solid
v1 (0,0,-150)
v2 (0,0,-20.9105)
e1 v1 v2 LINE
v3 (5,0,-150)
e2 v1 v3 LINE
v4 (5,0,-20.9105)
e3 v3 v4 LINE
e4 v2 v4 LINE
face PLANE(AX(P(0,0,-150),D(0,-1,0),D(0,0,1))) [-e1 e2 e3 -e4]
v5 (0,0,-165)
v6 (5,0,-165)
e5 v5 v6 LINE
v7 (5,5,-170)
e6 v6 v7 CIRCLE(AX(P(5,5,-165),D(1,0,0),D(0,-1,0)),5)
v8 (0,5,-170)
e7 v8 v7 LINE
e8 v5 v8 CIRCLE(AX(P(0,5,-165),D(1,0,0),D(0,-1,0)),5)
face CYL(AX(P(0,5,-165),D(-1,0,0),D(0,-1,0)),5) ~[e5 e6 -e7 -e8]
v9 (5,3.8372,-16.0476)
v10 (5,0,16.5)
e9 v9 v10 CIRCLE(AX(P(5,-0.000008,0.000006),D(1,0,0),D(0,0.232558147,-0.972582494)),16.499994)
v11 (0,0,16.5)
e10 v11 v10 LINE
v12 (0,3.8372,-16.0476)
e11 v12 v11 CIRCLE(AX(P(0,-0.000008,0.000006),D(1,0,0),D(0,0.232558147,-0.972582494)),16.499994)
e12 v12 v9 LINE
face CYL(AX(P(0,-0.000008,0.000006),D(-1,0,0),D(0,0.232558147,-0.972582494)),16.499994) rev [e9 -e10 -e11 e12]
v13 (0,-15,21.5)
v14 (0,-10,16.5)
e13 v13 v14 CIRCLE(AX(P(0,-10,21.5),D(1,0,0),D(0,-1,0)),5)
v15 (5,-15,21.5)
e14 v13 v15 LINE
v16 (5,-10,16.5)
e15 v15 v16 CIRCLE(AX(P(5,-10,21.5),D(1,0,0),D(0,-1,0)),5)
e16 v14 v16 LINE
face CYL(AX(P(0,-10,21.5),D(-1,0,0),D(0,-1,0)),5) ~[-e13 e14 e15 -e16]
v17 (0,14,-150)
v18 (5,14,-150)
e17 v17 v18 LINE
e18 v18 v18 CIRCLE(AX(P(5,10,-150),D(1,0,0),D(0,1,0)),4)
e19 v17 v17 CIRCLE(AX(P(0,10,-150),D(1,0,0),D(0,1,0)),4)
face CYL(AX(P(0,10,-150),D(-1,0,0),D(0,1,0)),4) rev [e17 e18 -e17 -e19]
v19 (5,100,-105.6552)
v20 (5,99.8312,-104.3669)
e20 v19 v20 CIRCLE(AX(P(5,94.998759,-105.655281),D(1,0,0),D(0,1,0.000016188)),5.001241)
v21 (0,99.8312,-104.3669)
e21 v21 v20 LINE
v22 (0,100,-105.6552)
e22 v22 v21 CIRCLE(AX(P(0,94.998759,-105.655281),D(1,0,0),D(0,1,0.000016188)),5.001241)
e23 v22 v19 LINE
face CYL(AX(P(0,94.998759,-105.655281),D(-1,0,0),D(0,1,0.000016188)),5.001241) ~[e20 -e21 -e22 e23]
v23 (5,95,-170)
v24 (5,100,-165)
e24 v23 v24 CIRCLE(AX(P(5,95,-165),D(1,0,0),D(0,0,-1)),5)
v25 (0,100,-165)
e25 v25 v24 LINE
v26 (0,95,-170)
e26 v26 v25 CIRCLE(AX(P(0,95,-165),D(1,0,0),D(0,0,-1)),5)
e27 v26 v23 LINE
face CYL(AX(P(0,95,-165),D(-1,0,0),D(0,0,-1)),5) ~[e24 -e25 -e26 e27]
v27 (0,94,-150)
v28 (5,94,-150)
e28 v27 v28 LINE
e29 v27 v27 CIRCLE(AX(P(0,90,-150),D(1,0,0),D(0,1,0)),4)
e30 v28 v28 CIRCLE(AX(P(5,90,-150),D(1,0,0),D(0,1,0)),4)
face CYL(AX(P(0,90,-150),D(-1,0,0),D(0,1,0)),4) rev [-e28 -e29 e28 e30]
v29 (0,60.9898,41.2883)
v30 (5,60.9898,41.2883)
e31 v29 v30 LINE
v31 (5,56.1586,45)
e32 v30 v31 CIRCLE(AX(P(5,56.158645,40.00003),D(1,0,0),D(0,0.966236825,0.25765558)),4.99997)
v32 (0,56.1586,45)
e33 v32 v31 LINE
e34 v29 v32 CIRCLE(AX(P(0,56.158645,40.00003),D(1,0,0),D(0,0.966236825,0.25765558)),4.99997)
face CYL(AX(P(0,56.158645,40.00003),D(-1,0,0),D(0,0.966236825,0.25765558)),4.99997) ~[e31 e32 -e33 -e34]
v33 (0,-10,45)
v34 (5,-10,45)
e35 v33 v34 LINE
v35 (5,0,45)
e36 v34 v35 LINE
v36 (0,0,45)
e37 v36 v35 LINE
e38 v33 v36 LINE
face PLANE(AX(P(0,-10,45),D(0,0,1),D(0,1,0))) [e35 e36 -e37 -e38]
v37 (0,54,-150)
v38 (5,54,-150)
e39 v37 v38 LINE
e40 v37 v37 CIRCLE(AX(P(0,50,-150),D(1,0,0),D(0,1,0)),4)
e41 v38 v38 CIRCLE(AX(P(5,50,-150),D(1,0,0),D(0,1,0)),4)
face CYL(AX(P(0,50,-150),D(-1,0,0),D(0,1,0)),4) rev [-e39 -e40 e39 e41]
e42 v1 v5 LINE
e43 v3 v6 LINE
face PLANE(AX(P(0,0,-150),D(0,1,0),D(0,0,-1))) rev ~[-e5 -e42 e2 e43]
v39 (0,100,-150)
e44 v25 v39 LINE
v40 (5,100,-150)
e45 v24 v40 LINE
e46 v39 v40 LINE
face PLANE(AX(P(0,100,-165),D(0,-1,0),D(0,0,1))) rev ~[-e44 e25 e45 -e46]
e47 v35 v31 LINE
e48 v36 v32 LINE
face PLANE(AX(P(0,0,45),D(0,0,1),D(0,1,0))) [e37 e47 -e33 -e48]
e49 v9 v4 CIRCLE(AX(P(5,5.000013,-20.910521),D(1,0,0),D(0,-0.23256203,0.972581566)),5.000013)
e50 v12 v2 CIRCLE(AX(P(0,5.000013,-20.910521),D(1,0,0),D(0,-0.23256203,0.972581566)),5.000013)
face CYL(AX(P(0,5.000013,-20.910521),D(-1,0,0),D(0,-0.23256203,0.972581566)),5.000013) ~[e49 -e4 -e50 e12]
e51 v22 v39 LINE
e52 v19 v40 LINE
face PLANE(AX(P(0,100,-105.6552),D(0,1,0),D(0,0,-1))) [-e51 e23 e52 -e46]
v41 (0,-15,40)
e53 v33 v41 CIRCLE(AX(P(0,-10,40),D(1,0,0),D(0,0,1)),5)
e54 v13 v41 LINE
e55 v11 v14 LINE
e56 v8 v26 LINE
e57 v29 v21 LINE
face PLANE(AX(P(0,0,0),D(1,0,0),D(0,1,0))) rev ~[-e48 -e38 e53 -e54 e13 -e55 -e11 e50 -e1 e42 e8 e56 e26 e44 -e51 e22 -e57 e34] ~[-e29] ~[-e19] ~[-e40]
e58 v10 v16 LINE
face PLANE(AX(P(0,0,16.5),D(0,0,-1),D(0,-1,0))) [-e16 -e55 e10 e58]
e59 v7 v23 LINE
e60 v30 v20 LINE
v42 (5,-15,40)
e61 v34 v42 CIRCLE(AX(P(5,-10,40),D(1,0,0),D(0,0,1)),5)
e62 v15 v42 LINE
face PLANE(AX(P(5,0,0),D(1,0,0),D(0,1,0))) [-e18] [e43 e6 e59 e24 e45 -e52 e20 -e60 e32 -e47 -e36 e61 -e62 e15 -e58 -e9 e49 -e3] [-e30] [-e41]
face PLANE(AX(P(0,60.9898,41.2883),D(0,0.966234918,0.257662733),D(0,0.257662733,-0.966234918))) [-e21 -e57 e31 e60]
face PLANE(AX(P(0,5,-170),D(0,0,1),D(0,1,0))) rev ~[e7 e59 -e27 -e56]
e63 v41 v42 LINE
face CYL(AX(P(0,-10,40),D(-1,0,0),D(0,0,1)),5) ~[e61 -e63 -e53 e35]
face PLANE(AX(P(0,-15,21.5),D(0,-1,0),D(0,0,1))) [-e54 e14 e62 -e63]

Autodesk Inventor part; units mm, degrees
ref_plane "YZ Plane" through (0, 0, 0) normal (1, 0, 0) x (0, 1, 0)
ref_plane "XZ Plane" through (0, 0, 0) normal (0, 1, 0) x (-1, 0, 0)
ref_plane "XY Plane" through (0, 0, 0) normal (0, 0, 1) x (1, 0, 0)
sketch "Sketch1" plane through (0, 0, 0) normal (1, 0, 0) x (0, 1, 0)
  arc A0 (3.8372, -16.0476) -> (0, 16.5) centre (0, 0) ccw
  line L0 (0, 45) -> (56.1586, 45)
  line L1 (100, -105.6552) -> (100, -150)
  line L2 (0, -150) -> (0, -20.9105)
  line L3 (0, 16.5) -> (-10, 16.5)
  line L4 (0, 16.5) -> (10, 16.5) construction
  line L5 (-15, 21.5) -> (-15, 40)
  line L6 (-10, 45) -> (0, 45)
  arc A1 (3.8372, -16.0476) -> (0, -20.9105) centre (5, -20.9105) ccw
  arc A2 (-15, 21.5) -> (-10, 16.5) centre (-10, 21.5) ccw
  arc A3 (-10, 45) -> (-15, 40) centre (-10, 40) ccw
  line L7 (60.9898, 41.2883) -> (99.8312, -104.3669)
  line L8 (0, -150) -> (0, -165)
  line L9 (5, -170) -> (95, -170)
  line L10 (100, -165) -> (100, -150)
  circle A4 centre (90, -150) radius 4
  circle A5 centre (50, -150) radius 4
  circle A6 centre (10, -150) radius 4
  arc A7 (60.9898, 41.2883) -> (56.1586, 45) centre (56.1586, 40) ccw
  arc A8 (100, -105.6552) -> (99.8312, -104.3669) centre (95, -105.6552) ccw
  arc A9 (95, -170) -> (100, -165) centre (95, -165) ccw
  arc A10 (0, -165) -> (5, -170) centre (5, -165) ccw
  point P0 (60, 45)
  point P1 (-15, 16.5)
  point P2 (0, -16.5)
  point P3 (100, -105)
  point P4 (0, -170)
  point P5 (100, -170)
  dimension "d9" = 33
  dimension "d10" = 100
  dimension "d12" = 45
  dimension "d14" = 15
  dimension "d15" = 180
  dimension "d16" = 5
  dimension "d17" = 40
  dimension "d18" = 150
  dimension "d19" = 100
  dimension "d20" = 20
  dimension "d21" = 8
  dimension "d22" = 8
  dimension "d23" = 8
  dimension "d24" = 40
  dimension "d25" = 40
  dimension "d26" = 10
  dimension "d27" = 5
  dimension "d28" = 20
  dimension "d31" = 15
  dimension "d32" = 150
extrude "Extrusion1" add sketch "Sketch1" along normal blind 5
equation "\"d19\" = d10"
properties part number "Handle_Bracket"
